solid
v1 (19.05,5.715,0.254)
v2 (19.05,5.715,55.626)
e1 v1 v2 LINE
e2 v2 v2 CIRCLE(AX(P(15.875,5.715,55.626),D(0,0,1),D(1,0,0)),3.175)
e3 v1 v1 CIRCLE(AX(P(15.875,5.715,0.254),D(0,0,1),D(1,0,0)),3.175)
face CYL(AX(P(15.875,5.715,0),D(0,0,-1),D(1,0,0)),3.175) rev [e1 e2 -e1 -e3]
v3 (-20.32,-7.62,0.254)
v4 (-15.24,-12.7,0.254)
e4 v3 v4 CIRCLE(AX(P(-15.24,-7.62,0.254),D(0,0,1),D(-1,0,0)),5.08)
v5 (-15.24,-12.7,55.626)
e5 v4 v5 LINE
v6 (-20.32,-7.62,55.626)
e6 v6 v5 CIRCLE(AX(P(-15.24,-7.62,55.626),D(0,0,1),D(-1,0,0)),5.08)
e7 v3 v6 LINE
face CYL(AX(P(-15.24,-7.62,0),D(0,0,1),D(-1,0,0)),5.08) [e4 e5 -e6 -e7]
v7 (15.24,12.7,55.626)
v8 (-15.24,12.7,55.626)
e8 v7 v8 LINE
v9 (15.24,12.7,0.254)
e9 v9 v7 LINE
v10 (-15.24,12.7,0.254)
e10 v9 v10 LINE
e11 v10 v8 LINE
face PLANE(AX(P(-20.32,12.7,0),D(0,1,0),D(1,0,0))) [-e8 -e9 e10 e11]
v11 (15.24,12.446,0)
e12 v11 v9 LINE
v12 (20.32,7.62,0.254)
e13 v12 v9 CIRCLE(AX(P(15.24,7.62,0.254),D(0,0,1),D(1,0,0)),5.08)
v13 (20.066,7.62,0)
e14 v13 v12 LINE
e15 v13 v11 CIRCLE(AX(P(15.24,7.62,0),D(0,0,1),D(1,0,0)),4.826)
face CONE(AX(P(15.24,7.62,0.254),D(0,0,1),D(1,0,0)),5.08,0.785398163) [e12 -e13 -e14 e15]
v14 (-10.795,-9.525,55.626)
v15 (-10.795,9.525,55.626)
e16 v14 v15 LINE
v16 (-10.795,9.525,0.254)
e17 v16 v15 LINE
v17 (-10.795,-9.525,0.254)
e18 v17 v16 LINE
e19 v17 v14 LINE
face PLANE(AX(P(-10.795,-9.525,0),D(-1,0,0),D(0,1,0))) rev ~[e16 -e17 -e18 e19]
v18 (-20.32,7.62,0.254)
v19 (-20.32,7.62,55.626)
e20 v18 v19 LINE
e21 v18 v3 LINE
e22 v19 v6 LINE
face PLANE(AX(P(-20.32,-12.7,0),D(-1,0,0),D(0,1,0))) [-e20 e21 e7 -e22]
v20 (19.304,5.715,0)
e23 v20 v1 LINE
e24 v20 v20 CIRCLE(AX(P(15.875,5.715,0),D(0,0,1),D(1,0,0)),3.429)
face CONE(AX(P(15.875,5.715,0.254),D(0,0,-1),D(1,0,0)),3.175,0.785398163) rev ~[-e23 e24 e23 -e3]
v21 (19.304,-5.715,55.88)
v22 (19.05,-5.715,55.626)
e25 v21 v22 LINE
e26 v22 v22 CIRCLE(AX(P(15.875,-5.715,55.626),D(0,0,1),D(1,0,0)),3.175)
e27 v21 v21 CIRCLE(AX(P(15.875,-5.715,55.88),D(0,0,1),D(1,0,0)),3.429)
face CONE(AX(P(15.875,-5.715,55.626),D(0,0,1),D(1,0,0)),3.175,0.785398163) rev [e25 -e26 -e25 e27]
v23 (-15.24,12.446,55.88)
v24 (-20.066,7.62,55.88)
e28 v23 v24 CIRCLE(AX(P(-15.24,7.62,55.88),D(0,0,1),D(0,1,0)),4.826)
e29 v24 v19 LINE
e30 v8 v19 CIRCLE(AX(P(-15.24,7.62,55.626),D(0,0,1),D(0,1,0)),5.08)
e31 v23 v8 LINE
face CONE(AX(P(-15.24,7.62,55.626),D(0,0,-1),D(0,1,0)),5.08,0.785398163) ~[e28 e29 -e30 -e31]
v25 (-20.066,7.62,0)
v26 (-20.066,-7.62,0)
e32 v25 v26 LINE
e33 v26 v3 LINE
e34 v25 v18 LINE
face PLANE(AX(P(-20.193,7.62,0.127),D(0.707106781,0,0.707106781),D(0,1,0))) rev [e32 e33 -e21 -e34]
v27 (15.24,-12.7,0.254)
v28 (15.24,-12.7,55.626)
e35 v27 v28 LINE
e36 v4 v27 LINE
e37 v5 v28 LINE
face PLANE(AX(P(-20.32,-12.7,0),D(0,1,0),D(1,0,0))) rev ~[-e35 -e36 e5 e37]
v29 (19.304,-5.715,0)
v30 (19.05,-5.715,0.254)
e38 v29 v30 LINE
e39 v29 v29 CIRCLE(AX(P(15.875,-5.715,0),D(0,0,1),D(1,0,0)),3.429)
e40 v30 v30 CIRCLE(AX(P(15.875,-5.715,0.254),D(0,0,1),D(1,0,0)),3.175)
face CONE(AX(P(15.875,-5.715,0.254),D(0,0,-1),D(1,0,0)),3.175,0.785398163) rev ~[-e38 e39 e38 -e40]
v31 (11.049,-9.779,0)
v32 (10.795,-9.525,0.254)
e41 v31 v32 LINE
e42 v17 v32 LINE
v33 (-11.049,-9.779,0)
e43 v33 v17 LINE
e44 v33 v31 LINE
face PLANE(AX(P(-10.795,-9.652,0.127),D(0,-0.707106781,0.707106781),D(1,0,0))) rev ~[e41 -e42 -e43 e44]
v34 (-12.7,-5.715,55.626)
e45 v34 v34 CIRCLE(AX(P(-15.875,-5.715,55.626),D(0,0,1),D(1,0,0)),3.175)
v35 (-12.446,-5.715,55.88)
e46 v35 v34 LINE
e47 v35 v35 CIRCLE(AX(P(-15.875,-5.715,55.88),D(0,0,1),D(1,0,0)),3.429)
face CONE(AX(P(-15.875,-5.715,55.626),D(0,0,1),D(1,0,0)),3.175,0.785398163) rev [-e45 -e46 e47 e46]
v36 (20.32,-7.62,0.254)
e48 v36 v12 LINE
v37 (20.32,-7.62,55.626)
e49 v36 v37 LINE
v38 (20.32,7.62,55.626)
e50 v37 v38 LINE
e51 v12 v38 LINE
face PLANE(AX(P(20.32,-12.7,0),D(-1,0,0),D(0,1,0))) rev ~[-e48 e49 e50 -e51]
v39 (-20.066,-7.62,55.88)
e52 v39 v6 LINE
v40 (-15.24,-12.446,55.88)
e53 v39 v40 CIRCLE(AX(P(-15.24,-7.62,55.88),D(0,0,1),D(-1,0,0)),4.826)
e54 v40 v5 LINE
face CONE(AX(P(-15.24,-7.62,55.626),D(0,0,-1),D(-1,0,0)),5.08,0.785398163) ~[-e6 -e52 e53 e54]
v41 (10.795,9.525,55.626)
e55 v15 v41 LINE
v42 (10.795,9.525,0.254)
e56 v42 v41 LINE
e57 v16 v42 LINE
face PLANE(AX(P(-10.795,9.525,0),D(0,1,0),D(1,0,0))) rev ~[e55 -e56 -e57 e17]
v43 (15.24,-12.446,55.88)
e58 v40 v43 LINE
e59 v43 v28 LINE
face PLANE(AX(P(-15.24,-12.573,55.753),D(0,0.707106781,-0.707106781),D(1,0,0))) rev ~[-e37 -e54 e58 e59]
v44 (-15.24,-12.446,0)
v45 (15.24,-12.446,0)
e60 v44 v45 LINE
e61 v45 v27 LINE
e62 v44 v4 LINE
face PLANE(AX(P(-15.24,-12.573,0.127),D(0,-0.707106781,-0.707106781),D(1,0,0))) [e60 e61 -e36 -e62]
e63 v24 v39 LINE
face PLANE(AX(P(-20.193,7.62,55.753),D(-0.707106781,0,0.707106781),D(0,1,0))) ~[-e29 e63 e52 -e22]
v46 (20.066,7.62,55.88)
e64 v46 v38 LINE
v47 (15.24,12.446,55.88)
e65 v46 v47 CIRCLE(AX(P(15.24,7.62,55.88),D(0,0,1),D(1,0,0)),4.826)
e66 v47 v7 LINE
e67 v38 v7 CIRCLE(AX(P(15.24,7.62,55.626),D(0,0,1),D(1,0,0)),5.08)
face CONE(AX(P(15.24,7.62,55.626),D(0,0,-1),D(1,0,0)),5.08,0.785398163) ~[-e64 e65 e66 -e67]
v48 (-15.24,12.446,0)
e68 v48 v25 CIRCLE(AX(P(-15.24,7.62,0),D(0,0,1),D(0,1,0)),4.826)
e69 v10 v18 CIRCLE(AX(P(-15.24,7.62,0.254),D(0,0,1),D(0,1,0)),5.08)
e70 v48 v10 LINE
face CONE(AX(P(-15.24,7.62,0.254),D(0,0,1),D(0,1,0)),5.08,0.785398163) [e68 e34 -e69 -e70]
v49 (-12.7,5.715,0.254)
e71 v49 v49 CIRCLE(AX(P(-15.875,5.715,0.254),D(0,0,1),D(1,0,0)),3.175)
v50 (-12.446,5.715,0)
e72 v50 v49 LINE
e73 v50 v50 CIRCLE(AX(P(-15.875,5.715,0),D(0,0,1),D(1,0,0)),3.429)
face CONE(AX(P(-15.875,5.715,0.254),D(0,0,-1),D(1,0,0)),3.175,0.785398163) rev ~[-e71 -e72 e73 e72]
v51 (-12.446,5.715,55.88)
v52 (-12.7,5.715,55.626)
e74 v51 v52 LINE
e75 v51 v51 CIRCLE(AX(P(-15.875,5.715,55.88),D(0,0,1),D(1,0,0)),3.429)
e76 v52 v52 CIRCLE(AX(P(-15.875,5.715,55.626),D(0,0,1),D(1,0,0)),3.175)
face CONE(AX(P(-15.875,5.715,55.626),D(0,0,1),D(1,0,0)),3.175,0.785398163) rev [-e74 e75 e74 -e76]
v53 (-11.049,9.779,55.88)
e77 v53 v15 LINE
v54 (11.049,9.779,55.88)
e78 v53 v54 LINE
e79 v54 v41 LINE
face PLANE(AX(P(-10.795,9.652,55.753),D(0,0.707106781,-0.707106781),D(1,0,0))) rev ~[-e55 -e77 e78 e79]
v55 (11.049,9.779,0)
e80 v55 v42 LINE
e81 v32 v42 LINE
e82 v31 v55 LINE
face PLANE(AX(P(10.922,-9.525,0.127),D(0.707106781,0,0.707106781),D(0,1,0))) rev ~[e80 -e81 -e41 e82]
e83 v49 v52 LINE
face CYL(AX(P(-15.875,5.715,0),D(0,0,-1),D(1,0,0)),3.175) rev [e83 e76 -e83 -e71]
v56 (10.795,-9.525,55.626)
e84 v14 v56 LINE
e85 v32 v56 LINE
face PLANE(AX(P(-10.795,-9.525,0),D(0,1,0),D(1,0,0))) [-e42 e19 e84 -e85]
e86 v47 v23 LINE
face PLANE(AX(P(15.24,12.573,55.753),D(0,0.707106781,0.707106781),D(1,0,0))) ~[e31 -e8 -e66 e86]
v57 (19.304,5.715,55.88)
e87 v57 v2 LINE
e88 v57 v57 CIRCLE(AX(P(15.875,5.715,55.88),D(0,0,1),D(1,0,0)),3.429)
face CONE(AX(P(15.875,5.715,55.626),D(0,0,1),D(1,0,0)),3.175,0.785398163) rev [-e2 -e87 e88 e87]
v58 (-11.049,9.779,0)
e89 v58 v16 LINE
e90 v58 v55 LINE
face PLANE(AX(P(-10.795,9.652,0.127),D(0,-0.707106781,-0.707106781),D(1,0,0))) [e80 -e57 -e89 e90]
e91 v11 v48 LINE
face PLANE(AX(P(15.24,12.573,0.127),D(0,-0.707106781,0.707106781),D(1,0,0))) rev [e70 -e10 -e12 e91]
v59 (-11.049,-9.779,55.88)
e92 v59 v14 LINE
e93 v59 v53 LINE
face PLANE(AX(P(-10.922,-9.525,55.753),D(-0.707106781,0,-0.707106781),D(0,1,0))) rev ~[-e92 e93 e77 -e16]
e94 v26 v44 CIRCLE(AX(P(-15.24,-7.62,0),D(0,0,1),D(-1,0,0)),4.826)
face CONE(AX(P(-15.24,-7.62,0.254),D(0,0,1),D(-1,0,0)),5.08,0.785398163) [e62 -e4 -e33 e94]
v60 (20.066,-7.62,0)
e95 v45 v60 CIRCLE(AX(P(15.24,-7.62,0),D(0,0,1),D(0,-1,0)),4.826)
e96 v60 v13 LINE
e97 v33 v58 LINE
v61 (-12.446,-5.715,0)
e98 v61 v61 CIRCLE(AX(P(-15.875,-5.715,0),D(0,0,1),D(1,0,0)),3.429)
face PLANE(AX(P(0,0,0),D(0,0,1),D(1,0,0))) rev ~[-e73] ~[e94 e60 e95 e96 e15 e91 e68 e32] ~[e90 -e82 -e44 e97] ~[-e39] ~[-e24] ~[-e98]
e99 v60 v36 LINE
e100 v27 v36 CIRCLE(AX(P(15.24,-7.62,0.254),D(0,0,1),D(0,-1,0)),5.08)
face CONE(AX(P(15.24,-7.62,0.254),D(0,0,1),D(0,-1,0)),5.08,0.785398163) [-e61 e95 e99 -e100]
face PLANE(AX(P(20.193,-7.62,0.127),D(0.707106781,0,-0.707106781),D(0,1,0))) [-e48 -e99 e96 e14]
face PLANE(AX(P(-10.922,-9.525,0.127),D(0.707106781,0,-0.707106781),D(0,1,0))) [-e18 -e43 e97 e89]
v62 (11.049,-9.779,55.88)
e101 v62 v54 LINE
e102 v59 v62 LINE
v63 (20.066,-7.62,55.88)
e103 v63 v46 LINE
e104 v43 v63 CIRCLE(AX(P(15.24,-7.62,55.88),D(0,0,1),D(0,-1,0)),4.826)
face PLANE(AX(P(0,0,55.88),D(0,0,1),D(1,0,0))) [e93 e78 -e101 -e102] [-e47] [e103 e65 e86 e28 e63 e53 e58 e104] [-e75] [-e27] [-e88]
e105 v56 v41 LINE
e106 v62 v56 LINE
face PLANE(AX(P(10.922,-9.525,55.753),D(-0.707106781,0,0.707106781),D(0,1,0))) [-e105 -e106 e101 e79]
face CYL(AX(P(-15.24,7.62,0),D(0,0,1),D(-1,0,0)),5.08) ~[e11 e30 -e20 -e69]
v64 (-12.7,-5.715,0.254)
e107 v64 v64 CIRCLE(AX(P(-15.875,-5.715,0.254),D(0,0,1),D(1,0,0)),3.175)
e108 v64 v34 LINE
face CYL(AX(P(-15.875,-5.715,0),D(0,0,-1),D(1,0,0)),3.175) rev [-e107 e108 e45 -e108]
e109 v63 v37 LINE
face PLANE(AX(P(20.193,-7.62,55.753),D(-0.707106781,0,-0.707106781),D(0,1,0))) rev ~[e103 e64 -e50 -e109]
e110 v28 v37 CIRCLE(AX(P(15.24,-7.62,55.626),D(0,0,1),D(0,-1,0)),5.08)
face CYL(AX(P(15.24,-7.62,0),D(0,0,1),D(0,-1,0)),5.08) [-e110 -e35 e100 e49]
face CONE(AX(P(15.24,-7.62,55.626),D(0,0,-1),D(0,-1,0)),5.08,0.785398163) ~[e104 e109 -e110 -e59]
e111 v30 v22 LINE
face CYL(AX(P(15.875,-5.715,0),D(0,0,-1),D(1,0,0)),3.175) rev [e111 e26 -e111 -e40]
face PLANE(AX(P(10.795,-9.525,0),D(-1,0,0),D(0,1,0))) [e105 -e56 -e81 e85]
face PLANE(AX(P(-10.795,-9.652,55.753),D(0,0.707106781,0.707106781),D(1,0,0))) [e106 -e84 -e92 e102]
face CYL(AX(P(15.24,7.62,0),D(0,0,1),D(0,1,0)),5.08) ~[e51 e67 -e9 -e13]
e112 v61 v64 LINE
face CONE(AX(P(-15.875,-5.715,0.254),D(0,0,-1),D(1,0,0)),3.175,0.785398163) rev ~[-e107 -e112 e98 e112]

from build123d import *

# Parameters (mm, degrees)
SKETCH1_W           = 40.64
SKETCH1_H           = 25.4
SKETCH1_R           = 3.175
SKETCH1_W_2         = 21.59
SKETCH1_H_2         = 19.05
BOSS_EXTRUDE1_DEPTH = 55.88
FILLET1_R           = 5.08
CHAMFER1_SIZE       = 0.254


with BuildPart() as part:
    # Sketch1 → Boss-Extrude1 (new body)
    with BuildSketch(Plane.XY):
        Rectangle(SKETCH1_W, SKETCH1_H)
        with Locations((-15.875, 5.715)):
            Circle(SKETCH1_R, mode=Mode.SUBTRACT)
        with Locations((15.875, 5.715)):
            Circle(SKETCH1_R, mode=Mode.SUBTRACT)
        with Locations((15.875, -5.715)):
            Circle(SKETCH1_R, mode=Mode.SUBTRACT)
        with Locations((-15.875, -5.715)):
            Circle(SKETCH1_R, mode=Mode.SUBTRACT)
        Rectangle(SKETCH1_W_2, SKETCH1_H_2, mode=Mode.SUBTRACT)
    extrude(amount=BOSS_EXTRUDE1_DEPTH)

    # Fillet1
    fillet1_edges = [part.edges().sort_by_distance(p)[0] for p in [
        (20.32, -12.7, 27.94),
        (-20.32, -12.7, 27.94),
        (-20.32, 12.7, 27.94),
        (20.32, 12.7, 27.94),
    ]]
    fillet(fillet1_edges, radius=FILLET1_R)

    # Chamfer1
    chamfer1_edges = [part.edges().sort_by_distance(p)[0] for p in [
        (-19.05, 5.715, 0),
        (-19.05, 5.715, 55.88),
        (12.7, 5.715, 0),
        (12.7, 5.715, 55.88),
        (12.7, -5.715, 0),
        (12.7, -5.715, 55.88),
        (-19.05, -5.715, 0),
        (-19.05, -5.715, 55.88),
        (10.795, 0, 0),
        (0, 9.525, 0),
        (-10.795, 0, 0),
        (0, -9.525, 0),
        (10.795, 0, 55.88),
        (0, 9.525, 55.88),
        (-10.795, 0, 55.88),
        (0, -9.525, 55.88),
        (0, -12.7, 0),
        (0, -12.7, 55.88),
        (20.32, 0, 0),
        (-20.32, 0, 0),
        (0, 12.7, 0),
        (-18.832102448, 11.212102448, 0),
        (18.832102448, 11.212102448, 0),
        (18.832102448, -11.212102448, 0),
        (-18.832102448, -11.212102448, 0),
        (-20.32, 0, 55.88),
        (20.32, 0, 55.88),
        (0, 12.7, 55.88),
        (-18.832102448, 11.212102448, 55.88),
        (18.832102448, 11.212102448, 55.88),
        (18.832102448, -11.212102448, 55.88),
        (-18.832102448, -11.212102448, 55.88),
    ]]
    chamfer(chamfer1_edges, length=CHAMFER1_SIZE)


solid = part.part
